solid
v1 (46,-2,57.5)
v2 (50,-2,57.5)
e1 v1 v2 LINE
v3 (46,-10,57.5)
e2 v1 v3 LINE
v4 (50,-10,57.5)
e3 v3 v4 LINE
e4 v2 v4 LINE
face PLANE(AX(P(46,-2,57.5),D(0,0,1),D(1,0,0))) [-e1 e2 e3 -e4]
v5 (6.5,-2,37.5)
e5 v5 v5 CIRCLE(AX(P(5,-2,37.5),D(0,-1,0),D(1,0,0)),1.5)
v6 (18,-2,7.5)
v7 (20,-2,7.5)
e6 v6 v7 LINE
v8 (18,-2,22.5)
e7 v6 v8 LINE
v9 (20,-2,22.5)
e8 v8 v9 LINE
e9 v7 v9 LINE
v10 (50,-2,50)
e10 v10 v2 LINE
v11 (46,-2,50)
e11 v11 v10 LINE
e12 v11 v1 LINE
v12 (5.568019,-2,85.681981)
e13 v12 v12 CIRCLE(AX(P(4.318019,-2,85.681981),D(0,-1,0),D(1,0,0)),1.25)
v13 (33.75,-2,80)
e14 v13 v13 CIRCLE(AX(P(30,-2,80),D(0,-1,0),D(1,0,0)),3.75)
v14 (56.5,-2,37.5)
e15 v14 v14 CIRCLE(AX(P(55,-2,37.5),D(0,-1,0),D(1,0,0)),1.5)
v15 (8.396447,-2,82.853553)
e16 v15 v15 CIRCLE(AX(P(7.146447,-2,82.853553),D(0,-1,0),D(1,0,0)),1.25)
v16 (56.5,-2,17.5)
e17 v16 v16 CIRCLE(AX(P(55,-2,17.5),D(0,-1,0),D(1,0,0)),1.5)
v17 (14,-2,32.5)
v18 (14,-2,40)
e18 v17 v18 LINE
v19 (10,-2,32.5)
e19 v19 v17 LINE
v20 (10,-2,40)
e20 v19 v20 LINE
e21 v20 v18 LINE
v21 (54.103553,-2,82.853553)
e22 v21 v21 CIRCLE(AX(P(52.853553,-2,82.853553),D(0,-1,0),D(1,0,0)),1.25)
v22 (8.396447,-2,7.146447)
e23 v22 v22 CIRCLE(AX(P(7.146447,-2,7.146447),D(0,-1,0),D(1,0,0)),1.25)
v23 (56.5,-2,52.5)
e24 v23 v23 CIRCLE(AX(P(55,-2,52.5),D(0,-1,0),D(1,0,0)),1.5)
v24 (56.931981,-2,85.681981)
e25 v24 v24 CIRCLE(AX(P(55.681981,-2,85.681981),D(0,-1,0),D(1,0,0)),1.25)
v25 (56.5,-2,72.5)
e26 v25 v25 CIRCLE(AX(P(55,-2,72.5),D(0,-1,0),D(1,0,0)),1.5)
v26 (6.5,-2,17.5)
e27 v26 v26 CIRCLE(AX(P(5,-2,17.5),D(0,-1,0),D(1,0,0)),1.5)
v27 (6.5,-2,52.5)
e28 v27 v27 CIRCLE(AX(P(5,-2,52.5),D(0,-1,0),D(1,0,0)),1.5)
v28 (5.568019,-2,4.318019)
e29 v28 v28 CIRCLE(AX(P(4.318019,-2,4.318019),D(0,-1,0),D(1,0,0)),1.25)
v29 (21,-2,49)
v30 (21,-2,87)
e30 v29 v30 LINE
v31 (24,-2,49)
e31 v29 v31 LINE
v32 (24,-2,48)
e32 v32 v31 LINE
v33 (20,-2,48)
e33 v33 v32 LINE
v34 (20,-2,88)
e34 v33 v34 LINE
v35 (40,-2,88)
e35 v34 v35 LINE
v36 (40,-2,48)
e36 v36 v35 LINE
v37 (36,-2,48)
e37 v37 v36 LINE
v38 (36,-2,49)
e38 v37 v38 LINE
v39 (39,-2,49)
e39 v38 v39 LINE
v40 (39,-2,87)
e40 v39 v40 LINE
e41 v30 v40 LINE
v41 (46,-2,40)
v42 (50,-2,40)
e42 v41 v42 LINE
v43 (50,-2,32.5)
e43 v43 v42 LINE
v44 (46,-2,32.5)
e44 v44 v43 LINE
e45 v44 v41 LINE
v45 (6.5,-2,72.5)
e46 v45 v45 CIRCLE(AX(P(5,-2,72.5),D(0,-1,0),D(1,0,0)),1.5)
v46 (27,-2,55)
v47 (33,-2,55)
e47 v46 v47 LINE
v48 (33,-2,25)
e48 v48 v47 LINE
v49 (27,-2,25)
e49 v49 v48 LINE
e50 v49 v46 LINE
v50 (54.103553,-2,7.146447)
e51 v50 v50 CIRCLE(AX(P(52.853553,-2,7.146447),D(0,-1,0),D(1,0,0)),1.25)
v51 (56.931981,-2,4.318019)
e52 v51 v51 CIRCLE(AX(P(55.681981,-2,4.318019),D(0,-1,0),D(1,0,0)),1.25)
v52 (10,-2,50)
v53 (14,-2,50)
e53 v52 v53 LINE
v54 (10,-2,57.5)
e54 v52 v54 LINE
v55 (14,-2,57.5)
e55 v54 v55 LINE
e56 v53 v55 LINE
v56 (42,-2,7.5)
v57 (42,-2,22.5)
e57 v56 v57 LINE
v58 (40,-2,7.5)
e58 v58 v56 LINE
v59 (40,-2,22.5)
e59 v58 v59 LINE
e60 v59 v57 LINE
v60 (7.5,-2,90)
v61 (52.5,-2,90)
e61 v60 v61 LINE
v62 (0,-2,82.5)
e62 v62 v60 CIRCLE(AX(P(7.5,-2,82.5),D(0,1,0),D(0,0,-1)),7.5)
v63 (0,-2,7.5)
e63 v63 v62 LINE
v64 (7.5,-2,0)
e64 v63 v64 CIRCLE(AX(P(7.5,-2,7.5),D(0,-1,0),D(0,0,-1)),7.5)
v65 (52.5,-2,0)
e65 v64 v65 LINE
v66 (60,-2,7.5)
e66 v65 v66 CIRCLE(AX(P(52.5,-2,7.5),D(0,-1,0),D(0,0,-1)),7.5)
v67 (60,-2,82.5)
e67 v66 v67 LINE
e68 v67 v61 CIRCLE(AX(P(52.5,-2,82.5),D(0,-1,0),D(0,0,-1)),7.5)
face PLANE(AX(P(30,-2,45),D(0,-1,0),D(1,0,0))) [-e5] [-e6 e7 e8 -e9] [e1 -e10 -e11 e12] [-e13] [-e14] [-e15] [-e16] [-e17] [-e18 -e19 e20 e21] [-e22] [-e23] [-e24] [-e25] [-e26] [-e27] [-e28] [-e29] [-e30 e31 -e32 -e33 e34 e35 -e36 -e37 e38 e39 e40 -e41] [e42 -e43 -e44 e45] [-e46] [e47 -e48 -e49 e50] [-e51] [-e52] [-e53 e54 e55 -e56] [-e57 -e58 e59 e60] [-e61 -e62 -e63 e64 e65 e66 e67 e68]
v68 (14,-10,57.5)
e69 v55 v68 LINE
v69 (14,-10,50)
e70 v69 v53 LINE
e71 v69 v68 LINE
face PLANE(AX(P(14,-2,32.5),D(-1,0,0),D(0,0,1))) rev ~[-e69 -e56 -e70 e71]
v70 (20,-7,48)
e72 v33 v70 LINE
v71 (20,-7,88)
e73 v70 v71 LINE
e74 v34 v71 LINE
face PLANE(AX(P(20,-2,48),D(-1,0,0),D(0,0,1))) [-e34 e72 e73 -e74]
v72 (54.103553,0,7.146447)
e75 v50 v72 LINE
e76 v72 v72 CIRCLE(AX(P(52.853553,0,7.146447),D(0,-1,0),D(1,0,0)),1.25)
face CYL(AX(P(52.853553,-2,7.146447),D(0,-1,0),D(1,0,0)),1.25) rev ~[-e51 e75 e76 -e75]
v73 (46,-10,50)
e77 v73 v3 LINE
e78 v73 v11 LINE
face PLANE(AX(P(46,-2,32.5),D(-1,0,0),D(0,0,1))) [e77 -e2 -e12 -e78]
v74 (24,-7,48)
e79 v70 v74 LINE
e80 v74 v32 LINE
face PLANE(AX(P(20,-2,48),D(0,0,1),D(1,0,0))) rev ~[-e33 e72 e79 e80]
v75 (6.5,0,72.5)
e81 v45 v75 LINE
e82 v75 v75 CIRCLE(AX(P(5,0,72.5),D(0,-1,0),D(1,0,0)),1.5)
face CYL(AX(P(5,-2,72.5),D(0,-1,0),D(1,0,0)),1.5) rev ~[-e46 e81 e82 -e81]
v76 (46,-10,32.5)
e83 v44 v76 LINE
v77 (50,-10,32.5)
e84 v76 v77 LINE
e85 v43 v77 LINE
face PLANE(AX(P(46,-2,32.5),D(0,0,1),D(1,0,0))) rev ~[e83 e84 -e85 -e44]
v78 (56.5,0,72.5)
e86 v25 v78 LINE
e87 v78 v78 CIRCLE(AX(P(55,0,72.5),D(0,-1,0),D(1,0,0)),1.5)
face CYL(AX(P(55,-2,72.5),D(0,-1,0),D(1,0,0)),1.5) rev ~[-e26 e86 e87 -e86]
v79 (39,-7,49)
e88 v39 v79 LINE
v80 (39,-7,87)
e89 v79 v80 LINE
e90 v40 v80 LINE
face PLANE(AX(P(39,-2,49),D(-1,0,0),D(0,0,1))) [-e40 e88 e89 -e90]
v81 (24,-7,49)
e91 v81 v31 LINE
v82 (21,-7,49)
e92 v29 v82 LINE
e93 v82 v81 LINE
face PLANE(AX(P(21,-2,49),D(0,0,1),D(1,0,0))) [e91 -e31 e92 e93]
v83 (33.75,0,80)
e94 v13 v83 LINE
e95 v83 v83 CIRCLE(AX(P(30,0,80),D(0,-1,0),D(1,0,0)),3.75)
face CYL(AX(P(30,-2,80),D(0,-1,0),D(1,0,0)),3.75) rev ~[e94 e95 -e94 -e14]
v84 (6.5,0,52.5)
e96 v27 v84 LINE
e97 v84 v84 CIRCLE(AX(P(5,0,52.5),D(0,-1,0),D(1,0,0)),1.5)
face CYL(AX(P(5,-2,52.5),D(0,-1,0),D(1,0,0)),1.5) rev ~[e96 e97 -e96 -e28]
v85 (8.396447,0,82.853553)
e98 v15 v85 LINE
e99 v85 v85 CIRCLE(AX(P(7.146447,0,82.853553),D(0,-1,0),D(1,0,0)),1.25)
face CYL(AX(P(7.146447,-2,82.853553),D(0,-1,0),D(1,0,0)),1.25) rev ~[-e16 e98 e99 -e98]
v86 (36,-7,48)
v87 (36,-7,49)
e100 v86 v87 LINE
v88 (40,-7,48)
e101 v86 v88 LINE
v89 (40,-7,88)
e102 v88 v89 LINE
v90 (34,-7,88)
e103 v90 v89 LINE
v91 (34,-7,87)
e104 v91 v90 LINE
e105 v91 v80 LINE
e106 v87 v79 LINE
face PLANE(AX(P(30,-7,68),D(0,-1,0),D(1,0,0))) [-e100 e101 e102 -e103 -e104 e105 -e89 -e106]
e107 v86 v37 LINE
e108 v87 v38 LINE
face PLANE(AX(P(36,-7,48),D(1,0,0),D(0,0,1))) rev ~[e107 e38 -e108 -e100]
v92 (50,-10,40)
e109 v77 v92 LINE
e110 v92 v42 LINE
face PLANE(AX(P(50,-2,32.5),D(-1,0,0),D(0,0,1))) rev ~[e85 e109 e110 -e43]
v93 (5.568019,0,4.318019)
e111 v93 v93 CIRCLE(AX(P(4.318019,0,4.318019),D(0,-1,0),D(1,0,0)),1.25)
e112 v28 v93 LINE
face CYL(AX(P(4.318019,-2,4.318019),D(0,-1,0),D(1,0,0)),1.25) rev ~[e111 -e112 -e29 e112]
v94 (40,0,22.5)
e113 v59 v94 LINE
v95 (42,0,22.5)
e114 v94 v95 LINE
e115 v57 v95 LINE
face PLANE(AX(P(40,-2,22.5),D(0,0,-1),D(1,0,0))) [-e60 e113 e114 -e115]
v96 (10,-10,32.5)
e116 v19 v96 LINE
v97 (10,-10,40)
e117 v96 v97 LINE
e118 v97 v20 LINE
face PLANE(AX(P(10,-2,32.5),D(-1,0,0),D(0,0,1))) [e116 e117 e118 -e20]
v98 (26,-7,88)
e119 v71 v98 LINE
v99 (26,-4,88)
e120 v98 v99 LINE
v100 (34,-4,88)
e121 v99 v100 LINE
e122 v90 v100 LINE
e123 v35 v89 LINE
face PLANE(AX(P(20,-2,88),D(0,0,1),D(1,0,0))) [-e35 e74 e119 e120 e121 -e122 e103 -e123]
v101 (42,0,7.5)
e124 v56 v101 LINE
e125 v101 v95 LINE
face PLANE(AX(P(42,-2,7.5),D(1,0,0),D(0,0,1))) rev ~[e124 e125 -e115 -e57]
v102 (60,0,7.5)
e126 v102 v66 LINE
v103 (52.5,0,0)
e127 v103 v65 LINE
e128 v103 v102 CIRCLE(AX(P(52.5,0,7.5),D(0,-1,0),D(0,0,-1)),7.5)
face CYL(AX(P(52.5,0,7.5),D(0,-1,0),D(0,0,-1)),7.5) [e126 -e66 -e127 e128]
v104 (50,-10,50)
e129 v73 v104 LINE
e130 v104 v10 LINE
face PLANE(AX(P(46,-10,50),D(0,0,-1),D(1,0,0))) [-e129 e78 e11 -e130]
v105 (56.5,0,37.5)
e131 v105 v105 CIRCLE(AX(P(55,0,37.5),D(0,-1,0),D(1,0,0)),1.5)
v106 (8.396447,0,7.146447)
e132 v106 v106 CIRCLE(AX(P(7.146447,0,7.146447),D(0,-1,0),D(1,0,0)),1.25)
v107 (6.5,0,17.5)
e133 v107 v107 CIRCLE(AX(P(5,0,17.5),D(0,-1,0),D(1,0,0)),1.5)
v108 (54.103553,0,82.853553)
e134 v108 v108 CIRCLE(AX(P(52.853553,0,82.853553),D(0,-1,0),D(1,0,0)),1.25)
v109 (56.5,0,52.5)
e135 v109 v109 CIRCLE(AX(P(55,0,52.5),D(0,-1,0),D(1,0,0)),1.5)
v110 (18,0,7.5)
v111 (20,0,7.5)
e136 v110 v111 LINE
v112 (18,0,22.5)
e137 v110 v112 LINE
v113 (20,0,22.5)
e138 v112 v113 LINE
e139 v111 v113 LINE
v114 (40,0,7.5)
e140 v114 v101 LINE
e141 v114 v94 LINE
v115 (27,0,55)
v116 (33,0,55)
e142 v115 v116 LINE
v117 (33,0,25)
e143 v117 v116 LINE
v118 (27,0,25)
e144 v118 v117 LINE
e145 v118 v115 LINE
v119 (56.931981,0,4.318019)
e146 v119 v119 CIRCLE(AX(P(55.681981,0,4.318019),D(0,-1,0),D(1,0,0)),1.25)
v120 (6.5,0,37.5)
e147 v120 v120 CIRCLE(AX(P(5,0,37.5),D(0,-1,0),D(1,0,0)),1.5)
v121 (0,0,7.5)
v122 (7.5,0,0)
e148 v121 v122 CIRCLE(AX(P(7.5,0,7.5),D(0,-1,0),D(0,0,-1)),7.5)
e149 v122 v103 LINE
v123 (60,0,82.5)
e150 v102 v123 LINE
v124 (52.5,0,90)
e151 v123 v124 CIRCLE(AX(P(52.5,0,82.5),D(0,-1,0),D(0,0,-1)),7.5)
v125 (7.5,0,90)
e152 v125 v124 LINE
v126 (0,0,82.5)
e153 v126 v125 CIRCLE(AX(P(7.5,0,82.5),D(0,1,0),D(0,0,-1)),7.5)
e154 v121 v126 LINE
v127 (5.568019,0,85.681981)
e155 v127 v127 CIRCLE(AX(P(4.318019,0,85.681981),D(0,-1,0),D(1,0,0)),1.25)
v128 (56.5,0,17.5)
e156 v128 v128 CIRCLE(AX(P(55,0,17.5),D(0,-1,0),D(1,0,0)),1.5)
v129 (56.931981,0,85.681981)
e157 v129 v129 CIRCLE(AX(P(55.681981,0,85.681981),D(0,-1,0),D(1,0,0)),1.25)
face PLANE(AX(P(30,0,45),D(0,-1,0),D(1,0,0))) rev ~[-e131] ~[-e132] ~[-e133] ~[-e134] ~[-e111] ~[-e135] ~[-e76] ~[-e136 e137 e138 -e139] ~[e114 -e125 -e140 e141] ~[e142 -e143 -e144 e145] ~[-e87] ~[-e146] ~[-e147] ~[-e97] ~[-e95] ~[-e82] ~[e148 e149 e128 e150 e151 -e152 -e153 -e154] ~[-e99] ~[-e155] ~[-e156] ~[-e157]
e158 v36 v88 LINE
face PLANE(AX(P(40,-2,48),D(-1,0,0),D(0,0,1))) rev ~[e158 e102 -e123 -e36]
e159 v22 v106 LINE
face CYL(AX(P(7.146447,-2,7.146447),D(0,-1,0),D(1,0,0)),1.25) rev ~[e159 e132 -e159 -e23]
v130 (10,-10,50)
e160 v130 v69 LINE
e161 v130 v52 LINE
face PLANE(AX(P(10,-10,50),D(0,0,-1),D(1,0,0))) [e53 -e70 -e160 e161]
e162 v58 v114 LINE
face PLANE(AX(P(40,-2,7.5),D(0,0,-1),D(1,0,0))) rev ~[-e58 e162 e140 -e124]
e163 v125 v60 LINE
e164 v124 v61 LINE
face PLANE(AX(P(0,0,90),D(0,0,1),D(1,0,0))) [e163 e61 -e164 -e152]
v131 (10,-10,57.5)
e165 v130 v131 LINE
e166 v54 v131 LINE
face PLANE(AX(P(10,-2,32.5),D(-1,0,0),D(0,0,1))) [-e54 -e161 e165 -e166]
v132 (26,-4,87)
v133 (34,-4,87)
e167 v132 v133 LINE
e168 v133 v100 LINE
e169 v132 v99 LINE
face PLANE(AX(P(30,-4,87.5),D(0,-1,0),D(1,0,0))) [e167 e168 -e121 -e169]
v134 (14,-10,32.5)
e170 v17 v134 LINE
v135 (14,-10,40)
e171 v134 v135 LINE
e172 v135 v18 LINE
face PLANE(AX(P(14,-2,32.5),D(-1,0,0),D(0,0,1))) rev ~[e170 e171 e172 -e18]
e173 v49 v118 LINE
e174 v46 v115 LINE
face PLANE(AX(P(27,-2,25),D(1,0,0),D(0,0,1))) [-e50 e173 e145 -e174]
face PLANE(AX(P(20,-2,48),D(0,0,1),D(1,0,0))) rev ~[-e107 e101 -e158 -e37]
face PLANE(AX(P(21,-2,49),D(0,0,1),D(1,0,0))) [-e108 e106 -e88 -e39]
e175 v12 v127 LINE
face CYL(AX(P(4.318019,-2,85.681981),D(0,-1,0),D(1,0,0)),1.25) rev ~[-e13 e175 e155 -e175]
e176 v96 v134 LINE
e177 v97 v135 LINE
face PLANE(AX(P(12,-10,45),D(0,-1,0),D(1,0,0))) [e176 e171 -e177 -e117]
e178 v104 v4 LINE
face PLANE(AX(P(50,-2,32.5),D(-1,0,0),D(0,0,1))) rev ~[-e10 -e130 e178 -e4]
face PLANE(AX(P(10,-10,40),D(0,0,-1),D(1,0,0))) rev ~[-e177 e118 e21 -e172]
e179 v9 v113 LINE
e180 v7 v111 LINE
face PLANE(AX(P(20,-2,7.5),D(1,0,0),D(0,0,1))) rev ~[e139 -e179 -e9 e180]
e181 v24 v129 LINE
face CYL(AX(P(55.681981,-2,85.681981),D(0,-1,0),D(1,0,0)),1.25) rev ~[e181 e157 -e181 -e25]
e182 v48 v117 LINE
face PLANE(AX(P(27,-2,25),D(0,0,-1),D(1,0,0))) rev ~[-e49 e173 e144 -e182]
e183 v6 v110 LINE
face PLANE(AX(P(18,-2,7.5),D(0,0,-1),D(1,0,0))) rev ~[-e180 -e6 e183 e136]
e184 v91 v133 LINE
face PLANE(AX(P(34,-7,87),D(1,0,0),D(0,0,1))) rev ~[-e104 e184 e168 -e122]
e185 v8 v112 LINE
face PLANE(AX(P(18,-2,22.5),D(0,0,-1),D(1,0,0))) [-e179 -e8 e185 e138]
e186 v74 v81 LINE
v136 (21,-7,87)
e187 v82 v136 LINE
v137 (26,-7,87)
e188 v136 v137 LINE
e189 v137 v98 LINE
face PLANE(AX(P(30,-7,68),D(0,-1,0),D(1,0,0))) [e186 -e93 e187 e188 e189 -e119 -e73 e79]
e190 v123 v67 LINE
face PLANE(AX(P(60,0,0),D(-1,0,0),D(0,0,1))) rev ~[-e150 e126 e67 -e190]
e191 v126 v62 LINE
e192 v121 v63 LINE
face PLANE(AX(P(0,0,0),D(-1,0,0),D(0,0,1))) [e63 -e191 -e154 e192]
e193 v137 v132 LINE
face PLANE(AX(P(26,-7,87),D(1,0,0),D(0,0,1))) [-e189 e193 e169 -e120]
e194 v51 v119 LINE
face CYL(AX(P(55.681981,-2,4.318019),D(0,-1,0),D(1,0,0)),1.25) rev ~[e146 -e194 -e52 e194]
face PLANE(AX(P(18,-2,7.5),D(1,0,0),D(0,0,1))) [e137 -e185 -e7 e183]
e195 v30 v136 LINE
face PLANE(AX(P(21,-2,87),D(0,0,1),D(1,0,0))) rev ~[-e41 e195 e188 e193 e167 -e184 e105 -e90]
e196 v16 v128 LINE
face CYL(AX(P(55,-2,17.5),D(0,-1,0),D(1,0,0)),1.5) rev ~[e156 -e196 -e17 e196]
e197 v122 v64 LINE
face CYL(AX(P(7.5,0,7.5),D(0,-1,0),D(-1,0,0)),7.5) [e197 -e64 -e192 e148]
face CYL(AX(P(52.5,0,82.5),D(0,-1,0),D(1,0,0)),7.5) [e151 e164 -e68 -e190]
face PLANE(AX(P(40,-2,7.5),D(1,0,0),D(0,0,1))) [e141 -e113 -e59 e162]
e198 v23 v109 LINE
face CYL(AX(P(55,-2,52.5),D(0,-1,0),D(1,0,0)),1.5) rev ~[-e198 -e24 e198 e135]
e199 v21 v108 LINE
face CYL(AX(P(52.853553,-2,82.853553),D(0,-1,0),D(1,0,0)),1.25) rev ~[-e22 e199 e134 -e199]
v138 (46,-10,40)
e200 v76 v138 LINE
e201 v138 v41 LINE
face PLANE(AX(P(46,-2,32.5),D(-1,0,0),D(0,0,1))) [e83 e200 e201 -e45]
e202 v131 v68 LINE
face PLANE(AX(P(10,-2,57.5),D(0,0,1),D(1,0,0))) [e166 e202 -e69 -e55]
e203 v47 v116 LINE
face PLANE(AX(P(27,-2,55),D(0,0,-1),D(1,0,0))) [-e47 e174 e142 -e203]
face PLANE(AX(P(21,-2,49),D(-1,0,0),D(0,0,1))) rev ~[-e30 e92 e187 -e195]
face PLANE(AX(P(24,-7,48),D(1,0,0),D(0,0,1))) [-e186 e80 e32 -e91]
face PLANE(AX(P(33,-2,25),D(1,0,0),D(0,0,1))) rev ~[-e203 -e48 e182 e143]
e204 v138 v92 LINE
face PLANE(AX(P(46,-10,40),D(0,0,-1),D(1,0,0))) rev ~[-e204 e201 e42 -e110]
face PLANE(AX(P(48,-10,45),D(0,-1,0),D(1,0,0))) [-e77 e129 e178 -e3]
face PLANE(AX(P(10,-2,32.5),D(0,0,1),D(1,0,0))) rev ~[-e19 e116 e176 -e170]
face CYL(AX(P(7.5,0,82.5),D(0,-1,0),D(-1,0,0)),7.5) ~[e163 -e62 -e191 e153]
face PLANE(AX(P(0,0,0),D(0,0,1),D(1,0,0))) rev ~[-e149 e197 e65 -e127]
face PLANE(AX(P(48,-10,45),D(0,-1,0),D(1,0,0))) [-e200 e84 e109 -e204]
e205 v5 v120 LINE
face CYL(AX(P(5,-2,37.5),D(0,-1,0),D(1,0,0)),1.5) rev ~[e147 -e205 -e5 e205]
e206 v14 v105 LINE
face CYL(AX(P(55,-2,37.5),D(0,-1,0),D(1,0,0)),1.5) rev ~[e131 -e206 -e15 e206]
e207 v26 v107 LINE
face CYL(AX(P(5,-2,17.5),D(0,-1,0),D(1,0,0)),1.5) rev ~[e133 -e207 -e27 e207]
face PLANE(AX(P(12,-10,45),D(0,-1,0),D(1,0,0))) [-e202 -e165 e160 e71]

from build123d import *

# Parameters (mm, degrees)
F0_W      = 60
F0_H      = 90
F1_DEPTH  = 2
F2_R      = 7.5
F4_W      = 2
F4_H      = 15
F5_DEPTH  = 25
F6_W      = 20
F6_H      = 40
F6_W_2    = 18
F6_H_2    = 38
F7_DEPTH  = 5
F8_W      = 8
F8_H      = 1
F9_DEPTH  = 3
F10_W     = 12
F10_H     = 1
F11_DEPTH = 5
F12_R     = 1.25
F13_DEPTH = 25
F14_W     = 6
F14_H     = 30
F15_DEPTH = 25
F16_R     = 3.75
F17_DEPTH = 25
F18_R     = 1.5
F19_DEPTH = 25
F20_W     = 4
F20_H     = 25
F21_DEPTH = 8
F22_R     = 1.5
F23_DEPTH = 25
F24_W     = 4
F24_H     = 10
F25_DEPTH = 8


with BuildPart() as f1:
    # F0 (on Front) → F1 (new body)
    with BuildSketch(Plane.XZ):
        with Locations((30, 45)):
            Rectangle(F0_W, F0_H)
    extrude(amount=F1_DEPTH)

    # F2
    f2_edges = [f1.edges().sort_by_distance(p)[0] for p in [
        (0, -1, 90),
        (60, -1, 90),
        (60, -1, 0),
        (0, -1, 0),
    ]]
    fillet(f2_edges, radius=F2_R)

    # F4 (on face) → F5 (cut)
    with BuildSketch(Plane.XZ.offset(2)):
        with Locations((19, 15)):
            Rectangle(F4_W, F4_H)
        with Locations((41, 15)):
            Rectangle(F4_W, F4_H)
    extrude(amount=-F5_DEPTH, mode=Mode.SUBTRACT)

    # F6 (on face) → F7 (join)
    with BuildSketch(Plane.XZ.offset(2)):
        with Locations((30, 68)):
            Rectangle(F6_W, F6_H)
        with Locations((30, 68)):
            Rectangle(F6_W_2, F6_H_2, mode=Mode.SUBTRACT)
    extrude(amount=F7_DEPTH)

    # F8 (on face) → F9 (cut)
    with BuildSketch(Plane.XZ.offset(7)):
        with Locations((30, 87.5)):
            Rectangle(F8_W, F8_H)
    extrude(amount=-F9_DEPTH, mode=Mode.SUBTRACT)

    # F10 (on face) → F11 (cut)
    with BuildSketch(Plane.XZ.offset(7)):
        with Locations((30, 48.5)):
            Rectangle(F10_W, F10_H)
    extrude(amount=-F11_DEPTH, mode=Mode.SUBTRACT)

    # F12 (on face) → F13 (cut)
    with BuildSketch(Plane.XZ.offset(2)):
        with Locations((7.146447, 82.853553)):
            Circle(F12_R)
        with Locations((52.853553, 82.853553)):
            Circle(F12_R)
        with Locations((55.681981, 4.318019)):
            Circle(F12_R)
        with Locations((4.318019, 4.318019)):
            Circle(F12_R)
        with Locations((7.146447, 7.146447)):
            Circle(F12_R)
        with Locations((52.853553, 7.146447)):
            Circle(F12_R)
        with Locations((55.681981, 85.681981)):
            Circle(F12_R)
        with Locations((4.318019, 85.681981)):
            Circle(F12_R)
    extrude(amount=-F13_DEPTH, mode=Mode.SUBTRACT)

    # F14 (on face) → F15 (cut)
    with BuildSketch(Plane.XZ.offset(2)):
        with Locations((30, 40)):
            Rectangle(F14_W, F14_H)
    extrude(amount=-F15_DEPTH, mode=Mode.SUBTRACT)

    # F16 (on face) → F17 (cut)
    with BuildSketch(Plane.XZ.offset(2)):
        with Locations((30, 80)):
            Circle(F16_R)
    extrude(amount=-F17_DEPTH, mode=Mode.SUBTRACT)

    # F18 (on face) → F19 (cut)
    with BuildSketch(Plane.XZ.offset(2)):
        with Locations((5, 17.5)):
            Circle(F18_R)
        with Locations((5, 72.5)):
            Circle(F18_R)
        with Locations((55, 72.5)):
            Circle(F18_R)
        with Locations((55, 17.5)):
            Circle(F18_R)
    extrude(amount=-F19_DEPTH, mode=Mode.SUBTRACT)

    # F20 (on face) → F21 (join)
    with BuildSketch(Plane.XZ.offset(2)):
        with Locations((12, 45)):
            Rectangle(F20_W, F20_H)
        with Locations((48, 45)):
            Rectangle(F20_W, F20_H)
    extrude(amount=F21_DEPTH)

    # F22 (on face) → F23 (cut)
    with BuildSketch(Plane.XZ.offset(2)):
        with Locations((5, 52.5)):
            Circle(F22_R)
        with Locations((5, 37.5)):
            Circle(F22_R)
        with Locations((55, 52.5)):
            Circle(F22_R)
        with Locations((55, 37.5)):
            Circle(F22_R)
    extrude(amount=-F23_DEPTH, mode=Mode.SUBTRACT)

    # F24 (on face) → F25 (cut)
    with BuildSketch(Plane.XZ.offset(10)):
        with Locations((12, 45)):
            Rectangle(F24_W, F24_H)
        with Locations((48, 45)):
            Rectangle(F24_W, F24_H)
    extrude(amount=-F25_DEPTH, mode=Mode.SUBTRACT)


solid = f1.part
